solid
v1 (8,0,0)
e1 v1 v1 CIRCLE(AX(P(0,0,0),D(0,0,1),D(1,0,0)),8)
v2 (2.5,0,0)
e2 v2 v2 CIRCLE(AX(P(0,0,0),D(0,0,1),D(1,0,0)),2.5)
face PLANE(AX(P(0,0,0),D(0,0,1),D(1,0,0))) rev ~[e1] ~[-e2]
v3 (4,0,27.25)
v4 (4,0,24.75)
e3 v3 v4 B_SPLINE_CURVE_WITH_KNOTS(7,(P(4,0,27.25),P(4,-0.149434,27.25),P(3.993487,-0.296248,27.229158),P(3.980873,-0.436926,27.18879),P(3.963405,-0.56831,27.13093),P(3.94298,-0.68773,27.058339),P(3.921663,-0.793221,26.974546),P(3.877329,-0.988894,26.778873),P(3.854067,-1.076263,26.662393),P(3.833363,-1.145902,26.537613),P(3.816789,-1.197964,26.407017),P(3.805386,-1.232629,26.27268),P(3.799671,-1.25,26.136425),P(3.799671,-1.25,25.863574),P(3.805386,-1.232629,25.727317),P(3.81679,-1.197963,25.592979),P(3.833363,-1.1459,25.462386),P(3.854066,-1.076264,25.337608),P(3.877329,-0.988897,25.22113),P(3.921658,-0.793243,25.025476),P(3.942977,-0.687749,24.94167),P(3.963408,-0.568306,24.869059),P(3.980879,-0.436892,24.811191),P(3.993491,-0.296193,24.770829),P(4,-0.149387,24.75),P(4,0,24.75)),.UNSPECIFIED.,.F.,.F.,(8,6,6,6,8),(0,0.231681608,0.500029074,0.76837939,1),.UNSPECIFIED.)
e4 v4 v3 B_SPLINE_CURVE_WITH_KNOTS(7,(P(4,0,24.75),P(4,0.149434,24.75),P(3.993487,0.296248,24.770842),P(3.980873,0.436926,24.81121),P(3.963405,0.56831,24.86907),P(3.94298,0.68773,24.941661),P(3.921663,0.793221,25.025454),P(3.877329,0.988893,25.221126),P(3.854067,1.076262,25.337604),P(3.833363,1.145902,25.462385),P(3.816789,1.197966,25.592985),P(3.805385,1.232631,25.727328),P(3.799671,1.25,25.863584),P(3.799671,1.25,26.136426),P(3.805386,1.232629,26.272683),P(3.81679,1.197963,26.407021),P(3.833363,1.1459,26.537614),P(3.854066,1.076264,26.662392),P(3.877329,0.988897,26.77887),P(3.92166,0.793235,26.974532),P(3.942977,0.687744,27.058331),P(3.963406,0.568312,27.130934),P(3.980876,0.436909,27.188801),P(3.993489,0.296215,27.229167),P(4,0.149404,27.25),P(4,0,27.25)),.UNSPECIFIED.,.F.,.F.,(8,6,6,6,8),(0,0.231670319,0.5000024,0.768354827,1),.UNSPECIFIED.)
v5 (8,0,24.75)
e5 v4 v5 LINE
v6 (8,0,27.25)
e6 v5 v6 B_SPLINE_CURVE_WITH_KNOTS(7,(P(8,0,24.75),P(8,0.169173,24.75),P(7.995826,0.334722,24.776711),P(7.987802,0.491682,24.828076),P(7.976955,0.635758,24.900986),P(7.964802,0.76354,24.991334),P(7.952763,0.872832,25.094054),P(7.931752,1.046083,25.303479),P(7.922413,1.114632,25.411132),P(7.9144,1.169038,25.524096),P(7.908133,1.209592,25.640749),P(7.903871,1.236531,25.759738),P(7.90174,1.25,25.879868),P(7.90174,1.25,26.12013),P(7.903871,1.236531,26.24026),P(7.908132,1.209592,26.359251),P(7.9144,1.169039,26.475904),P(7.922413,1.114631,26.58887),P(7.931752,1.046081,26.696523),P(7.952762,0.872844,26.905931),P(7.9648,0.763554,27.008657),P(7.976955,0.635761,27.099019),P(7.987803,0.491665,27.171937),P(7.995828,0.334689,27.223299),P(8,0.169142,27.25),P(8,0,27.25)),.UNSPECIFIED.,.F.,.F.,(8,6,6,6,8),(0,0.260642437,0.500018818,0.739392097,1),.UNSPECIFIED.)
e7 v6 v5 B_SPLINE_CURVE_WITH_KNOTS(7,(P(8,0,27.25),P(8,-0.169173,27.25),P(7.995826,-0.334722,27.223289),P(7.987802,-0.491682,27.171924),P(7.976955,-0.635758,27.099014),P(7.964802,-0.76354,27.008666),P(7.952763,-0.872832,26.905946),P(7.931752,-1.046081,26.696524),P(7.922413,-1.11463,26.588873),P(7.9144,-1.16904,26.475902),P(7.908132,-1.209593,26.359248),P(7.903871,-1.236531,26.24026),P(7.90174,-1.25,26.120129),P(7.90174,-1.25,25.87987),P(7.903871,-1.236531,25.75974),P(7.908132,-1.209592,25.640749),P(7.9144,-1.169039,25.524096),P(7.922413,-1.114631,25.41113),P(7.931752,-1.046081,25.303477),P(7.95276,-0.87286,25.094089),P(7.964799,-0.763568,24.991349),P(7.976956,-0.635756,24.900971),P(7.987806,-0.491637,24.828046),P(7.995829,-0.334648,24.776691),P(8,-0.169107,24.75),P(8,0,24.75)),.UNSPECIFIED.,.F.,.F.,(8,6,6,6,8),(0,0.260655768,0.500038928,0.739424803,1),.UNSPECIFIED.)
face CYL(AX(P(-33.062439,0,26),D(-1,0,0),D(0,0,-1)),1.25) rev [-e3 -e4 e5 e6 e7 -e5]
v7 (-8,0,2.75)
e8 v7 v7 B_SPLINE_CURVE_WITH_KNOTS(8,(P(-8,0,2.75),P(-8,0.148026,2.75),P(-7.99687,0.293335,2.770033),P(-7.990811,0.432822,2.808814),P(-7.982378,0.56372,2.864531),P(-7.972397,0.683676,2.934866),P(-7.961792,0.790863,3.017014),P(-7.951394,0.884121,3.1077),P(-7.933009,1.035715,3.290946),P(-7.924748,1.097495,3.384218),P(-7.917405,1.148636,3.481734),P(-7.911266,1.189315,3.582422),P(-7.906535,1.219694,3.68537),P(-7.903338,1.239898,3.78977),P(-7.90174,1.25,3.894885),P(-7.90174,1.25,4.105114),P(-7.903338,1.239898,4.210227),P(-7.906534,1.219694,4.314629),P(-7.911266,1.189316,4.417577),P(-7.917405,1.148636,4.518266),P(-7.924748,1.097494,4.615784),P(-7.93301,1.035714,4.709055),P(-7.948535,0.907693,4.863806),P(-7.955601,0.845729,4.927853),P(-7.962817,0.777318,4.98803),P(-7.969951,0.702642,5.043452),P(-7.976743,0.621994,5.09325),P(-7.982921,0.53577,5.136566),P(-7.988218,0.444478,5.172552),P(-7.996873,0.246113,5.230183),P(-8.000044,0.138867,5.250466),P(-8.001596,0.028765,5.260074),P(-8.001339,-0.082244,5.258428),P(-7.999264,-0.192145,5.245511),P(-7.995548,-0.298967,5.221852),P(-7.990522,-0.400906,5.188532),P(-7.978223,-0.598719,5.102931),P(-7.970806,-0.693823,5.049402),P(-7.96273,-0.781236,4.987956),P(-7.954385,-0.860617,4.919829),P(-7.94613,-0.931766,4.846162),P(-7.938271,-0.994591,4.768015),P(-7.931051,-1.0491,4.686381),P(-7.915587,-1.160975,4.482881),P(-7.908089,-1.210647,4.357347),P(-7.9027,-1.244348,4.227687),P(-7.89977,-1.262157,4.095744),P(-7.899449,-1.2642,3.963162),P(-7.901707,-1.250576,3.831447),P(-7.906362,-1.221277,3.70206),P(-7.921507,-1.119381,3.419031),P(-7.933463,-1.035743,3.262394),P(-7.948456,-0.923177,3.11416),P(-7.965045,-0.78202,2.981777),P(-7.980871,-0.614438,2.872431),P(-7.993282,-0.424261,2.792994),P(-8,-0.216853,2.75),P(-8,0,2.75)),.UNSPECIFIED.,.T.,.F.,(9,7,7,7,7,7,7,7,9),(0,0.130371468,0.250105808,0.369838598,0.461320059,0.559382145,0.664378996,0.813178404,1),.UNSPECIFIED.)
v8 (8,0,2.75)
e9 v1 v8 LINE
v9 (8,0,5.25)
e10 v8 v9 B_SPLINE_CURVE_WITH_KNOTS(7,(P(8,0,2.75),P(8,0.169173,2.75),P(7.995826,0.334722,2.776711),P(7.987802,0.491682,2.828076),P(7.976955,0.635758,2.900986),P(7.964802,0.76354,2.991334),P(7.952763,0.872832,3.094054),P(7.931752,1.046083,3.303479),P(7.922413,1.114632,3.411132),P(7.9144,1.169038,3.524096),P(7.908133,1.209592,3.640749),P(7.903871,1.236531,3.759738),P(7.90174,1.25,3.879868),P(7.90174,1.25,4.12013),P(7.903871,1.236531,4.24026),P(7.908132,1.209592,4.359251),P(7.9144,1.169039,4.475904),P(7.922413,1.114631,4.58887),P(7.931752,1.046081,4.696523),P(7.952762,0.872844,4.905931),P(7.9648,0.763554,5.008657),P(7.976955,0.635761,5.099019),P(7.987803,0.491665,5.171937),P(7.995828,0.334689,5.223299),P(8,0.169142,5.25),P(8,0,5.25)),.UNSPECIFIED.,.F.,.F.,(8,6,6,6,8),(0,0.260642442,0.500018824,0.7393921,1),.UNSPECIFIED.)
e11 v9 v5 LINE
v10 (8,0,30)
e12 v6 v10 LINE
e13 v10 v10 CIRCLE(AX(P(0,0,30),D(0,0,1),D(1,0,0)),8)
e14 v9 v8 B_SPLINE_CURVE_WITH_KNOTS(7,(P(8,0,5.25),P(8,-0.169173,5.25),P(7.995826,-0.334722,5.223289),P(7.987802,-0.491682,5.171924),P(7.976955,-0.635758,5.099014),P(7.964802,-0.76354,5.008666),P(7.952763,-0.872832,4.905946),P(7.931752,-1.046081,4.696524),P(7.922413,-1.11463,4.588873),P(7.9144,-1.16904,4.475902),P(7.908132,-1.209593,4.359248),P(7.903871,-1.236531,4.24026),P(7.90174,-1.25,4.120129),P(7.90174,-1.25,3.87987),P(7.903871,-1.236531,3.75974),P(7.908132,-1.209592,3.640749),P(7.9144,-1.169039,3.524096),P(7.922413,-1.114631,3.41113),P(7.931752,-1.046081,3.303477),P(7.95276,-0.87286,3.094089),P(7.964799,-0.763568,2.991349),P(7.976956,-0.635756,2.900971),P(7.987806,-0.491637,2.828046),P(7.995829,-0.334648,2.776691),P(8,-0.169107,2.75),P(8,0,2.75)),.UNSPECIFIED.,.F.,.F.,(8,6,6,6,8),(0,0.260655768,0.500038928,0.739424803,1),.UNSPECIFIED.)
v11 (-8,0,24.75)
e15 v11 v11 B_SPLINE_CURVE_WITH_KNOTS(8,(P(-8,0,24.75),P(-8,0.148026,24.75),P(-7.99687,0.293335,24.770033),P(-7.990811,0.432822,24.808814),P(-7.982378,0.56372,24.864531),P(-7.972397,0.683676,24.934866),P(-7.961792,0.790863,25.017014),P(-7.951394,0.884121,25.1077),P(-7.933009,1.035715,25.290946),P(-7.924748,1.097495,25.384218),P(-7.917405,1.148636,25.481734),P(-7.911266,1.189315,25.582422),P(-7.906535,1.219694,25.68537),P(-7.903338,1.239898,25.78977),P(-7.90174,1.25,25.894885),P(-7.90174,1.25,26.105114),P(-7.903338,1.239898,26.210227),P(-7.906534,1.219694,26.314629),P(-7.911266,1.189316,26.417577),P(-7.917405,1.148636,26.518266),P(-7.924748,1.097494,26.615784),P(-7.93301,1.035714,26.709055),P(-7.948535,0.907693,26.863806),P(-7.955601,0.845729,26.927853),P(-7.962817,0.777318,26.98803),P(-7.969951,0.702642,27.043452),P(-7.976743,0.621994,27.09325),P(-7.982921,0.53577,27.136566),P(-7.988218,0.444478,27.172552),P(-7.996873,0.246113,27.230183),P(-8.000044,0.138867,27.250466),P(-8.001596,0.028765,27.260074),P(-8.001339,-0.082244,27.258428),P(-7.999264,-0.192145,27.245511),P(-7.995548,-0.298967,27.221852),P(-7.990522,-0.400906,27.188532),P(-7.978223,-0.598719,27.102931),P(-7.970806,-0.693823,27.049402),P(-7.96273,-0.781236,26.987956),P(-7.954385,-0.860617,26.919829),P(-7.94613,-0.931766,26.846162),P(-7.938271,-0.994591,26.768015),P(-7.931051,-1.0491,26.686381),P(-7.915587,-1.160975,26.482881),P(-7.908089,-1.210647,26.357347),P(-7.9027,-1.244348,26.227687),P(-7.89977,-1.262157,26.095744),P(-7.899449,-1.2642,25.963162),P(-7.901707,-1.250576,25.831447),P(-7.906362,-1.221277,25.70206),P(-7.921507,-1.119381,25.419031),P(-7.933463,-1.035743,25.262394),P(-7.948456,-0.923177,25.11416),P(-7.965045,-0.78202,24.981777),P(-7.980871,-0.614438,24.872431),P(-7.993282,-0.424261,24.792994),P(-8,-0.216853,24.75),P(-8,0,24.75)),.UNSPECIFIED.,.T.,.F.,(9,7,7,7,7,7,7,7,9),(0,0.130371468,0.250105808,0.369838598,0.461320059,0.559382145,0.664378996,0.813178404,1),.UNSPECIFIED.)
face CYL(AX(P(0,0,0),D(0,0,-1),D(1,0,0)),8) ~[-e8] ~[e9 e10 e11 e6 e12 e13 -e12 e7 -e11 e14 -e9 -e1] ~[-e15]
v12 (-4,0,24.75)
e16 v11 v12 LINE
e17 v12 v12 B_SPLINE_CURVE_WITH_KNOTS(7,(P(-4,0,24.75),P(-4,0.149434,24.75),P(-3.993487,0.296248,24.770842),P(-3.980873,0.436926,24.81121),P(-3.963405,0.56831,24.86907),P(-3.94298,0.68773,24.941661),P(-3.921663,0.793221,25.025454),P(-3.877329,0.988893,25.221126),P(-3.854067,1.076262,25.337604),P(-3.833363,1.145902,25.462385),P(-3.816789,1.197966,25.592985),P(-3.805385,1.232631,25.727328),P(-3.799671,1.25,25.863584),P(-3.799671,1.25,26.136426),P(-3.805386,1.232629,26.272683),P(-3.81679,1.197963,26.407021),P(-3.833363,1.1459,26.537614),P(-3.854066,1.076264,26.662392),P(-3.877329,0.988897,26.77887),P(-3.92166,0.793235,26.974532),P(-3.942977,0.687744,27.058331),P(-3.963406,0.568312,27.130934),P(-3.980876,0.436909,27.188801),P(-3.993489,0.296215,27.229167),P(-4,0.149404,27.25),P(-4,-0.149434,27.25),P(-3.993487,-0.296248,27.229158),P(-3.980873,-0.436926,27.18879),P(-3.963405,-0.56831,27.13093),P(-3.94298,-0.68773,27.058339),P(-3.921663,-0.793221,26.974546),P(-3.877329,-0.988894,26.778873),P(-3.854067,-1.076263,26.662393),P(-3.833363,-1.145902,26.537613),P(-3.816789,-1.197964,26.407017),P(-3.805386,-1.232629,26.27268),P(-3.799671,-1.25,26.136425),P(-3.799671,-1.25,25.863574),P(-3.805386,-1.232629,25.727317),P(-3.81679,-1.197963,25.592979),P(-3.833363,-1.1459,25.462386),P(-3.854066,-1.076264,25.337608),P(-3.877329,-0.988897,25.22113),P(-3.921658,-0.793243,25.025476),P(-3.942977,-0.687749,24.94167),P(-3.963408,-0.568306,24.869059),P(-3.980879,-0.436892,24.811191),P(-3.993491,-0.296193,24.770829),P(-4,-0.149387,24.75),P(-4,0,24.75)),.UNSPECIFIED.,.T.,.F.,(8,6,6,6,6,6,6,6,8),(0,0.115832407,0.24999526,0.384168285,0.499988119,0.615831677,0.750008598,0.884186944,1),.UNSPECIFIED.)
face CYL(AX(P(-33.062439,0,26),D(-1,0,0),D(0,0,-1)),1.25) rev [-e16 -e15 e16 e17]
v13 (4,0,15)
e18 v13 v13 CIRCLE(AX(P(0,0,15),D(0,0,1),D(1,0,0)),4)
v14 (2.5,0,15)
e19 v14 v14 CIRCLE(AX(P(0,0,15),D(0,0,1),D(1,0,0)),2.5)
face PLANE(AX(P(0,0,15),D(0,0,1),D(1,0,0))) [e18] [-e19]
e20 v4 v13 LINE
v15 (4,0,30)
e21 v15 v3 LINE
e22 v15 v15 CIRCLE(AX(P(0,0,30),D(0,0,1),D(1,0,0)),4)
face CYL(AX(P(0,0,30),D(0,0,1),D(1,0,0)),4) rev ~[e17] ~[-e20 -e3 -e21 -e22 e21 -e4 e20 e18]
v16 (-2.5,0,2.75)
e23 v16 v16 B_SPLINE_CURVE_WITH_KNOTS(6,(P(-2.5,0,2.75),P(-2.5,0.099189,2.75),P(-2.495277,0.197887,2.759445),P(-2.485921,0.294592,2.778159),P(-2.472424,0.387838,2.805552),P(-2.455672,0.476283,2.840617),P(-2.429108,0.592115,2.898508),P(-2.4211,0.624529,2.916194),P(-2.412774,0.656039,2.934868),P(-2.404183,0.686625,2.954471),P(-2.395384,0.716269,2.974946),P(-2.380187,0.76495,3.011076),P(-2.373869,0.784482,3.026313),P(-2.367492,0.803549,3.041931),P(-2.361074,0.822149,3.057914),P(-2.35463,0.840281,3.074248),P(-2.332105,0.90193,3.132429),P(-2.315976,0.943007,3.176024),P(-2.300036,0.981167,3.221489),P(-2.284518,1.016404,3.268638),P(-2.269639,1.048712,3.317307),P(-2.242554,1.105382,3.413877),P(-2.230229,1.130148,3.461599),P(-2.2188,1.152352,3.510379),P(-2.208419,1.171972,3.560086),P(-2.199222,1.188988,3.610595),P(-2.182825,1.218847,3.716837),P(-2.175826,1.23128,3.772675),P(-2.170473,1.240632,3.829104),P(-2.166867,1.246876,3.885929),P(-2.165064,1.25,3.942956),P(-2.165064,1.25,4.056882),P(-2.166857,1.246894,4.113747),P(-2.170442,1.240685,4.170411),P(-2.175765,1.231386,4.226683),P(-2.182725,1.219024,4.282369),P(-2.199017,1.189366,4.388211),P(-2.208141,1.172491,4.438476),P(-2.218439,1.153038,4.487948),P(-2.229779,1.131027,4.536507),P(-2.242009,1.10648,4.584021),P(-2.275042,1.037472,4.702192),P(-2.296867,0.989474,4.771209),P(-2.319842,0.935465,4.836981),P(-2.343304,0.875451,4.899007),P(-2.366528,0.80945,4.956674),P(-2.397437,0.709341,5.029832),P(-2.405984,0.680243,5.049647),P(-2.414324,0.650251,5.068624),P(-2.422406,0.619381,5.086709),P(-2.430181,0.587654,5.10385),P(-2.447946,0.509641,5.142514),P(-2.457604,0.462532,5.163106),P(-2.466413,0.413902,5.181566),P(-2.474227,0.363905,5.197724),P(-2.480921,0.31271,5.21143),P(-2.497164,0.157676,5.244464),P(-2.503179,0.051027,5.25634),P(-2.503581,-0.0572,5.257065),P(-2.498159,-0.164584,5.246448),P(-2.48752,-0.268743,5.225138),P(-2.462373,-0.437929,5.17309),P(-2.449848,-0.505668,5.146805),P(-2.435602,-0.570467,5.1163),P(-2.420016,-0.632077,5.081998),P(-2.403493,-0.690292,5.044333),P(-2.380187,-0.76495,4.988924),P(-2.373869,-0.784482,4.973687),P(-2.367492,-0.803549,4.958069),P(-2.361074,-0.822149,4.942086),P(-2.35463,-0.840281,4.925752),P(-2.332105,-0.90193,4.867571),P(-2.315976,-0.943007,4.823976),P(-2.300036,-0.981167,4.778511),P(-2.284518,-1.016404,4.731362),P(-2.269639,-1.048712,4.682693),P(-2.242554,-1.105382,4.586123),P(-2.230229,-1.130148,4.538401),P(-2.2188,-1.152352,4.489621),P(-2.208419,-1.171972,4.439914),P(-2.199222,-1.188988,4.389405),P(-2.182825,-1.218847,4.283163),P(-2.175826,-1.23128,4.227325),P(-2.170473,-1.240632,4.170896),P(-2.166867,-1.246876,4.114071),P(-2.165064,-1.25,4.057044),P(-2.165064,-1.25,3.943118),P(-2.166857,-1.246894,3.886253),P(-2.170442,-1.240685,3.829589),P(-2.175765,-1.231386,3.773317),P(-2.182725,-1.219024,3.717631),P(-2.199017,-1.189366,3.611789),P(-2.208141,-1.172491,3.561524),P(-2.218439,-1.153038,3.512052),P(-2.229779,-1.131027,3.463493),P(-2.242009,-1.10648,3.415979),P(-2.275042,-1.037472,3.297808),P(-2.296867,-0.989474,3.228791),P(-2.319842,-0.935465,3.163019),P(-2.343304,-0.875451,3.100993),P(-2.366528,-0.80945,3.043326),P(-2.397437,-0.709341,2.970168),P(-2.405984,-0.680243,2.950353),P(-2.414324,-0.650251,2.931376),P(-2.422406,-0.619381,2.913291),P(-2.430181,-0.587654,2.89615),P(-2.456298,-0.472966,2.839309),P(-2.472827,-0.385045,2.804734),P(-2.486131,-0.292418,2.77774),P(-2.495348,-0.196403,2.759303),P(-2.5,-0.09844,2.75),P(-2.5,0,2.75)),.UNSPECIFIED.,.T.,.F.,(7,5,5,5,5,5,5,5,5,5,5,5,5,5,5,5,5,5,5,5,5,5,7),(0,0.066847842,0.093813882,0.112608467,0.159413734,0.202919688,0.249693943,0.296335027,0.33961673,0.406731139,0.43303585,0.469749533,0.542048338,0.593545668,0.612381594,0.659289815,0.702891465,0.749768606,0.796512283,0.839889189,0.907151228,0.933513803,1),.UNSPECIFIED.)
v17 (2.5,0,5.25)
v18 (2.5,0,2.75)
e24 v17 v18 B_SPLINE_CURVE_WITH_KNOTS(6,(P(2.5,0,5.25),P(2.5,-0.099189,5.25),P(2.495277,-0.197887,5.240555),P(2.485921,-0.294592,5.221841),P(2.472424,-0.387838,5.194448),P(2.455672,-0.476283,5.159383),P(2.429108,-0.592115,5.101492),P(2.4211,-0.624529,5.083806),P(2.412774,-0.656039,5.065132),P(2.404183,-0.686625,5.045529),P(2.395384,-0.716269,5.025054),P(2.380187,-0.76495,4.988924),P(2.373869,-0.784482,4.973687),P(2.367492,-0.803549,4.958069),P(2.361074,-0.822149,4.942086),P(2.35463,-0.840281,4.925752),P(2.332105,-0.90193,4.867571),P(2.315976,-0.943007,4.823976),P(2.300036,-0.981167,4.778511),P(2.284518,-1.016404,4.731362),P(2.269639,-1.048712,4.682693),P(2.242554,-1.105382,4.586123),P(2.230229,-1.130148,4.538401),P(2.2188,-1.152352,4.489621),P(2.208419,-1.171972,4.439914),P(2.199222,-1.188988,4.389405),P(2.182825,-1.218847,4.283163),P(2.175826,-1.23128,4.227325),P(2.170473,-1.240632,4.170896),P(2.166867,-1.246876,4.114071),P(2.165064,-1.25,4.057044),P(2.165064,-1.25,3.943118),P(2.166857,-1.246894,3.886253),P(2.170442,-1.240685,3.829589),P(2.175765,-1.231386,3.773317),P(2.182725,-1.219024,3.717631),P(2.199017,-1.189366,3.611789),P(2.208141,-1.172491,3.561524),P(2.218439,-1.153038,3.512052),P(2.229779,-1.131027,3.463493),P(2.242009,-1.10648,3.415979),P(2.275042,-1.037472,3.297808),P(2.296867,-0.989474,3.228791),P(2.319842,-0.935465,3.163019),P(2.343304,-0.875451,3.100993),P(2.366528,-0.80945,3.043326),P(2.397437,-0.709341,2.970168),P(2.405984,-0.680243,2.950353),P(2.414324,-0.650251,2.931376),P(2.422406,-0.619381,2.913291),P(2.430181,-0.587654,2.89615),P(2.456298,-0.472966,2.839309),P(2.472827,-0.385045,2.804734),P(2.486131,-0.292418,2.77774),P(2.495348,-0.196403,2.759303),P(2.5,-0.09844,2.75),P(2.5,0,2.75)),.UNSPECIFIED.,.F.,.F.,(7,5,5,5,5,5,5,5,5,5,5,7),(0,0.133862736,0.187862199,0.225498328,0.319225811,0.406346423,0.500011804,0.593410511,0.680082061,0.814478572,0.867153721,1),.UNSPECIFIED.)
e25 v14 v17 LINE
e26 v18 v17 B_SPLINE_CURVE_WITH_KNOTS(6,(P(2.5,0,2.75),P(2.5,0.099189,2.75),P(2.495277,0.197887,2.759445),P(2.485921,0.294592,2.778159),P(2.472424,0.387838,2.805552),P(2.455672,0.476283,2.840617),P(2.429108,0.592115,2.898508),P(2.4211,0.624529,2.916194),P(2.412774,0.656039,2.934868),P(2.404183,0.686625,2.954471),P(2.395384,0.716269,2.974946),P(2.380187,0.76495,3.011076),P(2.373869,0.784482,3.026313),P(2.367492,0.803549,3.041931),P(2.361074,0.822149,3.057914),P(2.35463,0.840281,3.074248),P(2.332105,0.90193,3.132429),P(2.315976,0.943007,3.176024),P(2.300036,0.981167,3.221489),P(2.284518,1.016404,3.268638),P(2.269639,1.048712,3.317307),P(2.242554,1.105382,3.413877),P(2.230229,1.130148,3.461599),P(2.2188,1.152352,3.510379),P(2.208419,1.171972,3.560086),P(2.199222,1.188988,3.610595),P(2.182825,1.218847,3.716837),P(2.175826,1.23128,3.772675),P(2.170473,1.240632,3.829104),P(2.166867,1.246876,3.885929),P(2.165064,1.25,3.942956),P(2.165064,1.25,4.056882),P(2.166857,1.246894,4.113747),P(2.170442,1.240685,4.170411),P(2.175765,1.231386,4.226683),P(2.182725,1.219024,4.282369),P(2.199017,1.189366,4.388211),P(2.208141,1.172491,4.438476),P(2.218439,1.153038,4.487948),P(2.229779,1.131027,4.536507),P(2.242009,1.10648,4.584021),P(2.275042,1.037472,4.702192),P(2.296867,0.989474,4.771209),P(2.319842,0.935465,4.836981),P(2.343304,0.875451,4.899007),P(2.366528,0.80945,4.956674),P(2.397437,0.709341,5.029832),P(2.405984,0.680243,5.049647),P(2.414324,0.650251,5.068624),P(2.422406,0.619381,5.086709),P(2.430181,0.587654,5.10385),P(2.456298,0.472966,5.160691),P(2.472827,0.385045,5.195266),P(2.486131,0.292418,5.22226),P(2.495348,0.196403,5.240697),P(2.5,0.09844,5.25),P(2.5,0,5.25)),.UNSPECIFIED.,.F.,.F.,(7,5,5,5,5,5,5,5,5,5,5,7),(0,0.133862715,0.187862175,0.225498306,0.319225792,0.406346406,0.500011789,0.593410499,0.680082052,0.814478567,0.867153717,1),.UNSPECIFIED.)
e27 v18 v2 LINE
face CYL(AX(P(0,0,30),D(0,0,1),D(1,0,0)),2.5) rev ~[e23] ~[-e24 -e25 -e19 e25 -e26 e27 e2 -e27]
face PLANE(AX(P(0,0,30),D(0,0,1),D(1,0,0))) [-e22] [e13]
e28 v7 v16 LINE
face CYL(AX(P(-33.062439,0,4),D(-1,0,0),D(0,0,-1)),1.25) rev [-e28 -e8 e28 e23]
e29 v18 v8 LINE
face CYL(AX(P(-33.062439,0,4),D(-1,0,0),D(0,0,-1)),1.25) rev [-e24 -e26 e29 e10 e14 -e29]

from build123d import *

# Parameters (mm, degrees)
SCHIZZO1_R                    = 8
ESTRUSIONE_ESTRUSIONE1_DEPTH  = 30
SCHIZZO2_R                    = 2.5
TAGLIO_ESTRUSIONE1_DEPTH      = 33.062439084
SCHIZZO3_R                    = 4
TAGLIO_ESTRUSIONE2_DEPTH      = 15
TAGLIO_ESTRUSIONE3_DEPTH      = 33.062439084
TAGLIO_ESTRUSIONE3_DEPTH_BACK = 33.062439084
SCHIZZO4_R                    = 1.25


with BuildPart() as part:
    # Schizzo1 → Estrusione-Estrusione1 (new body)
    with BuildSketch(Plane.XY):
        Circle(SCHIZZO1_R)
    extrude(amount=ESTRUSIONE_ESTRUSIONE1_DEPTH)

    # Schizzo2 → Taglio-Estrusione1 (cut, through all)
    with BuildSketch(Plane.XY.offset(30)):
        Circle(SCHIZZO2_R)
    extrude(amount=-TAGLIO_ESTRUSIONE1_DEPTH, mode=Mode.SUBTRACT)

    # Schizzo3 → Taglio-Estrusione2 (cut)
    with BuildSketch(Plane.XY.offset(30)):
        Circle(SCHIZZO3_R)
    extrude(amount=-TAGLIO_ESTRUSIONE2_DEPTH, mode=Mode.SUBTRACT)

    # Schizzo4 → Taglio-Estrusione3 (cut, two sides: drawn at the far end of the back side and taken through both)
    with BuildSketch(Plane(origin=(0, 0, 0), x_dir=(0, 0, -1), z_dir=(1, 0, 0)).offset(-TAGLIO_ESTRUSIONE3_DEPTH_BACK)):
        with Locations((-26, 0)):
            Circle(SCHIZZO4_R)
        with Locations((-4, 0)):
            Circle(SCHIZZO4_R)
    extrude(amount=TAGLIO_ESTRUSIONE3_DEPTH + TAGLIO_ESTRUSIONE3_DEPTH_BACK, mode=Mode.SUBTRACT)


solid = part.part
